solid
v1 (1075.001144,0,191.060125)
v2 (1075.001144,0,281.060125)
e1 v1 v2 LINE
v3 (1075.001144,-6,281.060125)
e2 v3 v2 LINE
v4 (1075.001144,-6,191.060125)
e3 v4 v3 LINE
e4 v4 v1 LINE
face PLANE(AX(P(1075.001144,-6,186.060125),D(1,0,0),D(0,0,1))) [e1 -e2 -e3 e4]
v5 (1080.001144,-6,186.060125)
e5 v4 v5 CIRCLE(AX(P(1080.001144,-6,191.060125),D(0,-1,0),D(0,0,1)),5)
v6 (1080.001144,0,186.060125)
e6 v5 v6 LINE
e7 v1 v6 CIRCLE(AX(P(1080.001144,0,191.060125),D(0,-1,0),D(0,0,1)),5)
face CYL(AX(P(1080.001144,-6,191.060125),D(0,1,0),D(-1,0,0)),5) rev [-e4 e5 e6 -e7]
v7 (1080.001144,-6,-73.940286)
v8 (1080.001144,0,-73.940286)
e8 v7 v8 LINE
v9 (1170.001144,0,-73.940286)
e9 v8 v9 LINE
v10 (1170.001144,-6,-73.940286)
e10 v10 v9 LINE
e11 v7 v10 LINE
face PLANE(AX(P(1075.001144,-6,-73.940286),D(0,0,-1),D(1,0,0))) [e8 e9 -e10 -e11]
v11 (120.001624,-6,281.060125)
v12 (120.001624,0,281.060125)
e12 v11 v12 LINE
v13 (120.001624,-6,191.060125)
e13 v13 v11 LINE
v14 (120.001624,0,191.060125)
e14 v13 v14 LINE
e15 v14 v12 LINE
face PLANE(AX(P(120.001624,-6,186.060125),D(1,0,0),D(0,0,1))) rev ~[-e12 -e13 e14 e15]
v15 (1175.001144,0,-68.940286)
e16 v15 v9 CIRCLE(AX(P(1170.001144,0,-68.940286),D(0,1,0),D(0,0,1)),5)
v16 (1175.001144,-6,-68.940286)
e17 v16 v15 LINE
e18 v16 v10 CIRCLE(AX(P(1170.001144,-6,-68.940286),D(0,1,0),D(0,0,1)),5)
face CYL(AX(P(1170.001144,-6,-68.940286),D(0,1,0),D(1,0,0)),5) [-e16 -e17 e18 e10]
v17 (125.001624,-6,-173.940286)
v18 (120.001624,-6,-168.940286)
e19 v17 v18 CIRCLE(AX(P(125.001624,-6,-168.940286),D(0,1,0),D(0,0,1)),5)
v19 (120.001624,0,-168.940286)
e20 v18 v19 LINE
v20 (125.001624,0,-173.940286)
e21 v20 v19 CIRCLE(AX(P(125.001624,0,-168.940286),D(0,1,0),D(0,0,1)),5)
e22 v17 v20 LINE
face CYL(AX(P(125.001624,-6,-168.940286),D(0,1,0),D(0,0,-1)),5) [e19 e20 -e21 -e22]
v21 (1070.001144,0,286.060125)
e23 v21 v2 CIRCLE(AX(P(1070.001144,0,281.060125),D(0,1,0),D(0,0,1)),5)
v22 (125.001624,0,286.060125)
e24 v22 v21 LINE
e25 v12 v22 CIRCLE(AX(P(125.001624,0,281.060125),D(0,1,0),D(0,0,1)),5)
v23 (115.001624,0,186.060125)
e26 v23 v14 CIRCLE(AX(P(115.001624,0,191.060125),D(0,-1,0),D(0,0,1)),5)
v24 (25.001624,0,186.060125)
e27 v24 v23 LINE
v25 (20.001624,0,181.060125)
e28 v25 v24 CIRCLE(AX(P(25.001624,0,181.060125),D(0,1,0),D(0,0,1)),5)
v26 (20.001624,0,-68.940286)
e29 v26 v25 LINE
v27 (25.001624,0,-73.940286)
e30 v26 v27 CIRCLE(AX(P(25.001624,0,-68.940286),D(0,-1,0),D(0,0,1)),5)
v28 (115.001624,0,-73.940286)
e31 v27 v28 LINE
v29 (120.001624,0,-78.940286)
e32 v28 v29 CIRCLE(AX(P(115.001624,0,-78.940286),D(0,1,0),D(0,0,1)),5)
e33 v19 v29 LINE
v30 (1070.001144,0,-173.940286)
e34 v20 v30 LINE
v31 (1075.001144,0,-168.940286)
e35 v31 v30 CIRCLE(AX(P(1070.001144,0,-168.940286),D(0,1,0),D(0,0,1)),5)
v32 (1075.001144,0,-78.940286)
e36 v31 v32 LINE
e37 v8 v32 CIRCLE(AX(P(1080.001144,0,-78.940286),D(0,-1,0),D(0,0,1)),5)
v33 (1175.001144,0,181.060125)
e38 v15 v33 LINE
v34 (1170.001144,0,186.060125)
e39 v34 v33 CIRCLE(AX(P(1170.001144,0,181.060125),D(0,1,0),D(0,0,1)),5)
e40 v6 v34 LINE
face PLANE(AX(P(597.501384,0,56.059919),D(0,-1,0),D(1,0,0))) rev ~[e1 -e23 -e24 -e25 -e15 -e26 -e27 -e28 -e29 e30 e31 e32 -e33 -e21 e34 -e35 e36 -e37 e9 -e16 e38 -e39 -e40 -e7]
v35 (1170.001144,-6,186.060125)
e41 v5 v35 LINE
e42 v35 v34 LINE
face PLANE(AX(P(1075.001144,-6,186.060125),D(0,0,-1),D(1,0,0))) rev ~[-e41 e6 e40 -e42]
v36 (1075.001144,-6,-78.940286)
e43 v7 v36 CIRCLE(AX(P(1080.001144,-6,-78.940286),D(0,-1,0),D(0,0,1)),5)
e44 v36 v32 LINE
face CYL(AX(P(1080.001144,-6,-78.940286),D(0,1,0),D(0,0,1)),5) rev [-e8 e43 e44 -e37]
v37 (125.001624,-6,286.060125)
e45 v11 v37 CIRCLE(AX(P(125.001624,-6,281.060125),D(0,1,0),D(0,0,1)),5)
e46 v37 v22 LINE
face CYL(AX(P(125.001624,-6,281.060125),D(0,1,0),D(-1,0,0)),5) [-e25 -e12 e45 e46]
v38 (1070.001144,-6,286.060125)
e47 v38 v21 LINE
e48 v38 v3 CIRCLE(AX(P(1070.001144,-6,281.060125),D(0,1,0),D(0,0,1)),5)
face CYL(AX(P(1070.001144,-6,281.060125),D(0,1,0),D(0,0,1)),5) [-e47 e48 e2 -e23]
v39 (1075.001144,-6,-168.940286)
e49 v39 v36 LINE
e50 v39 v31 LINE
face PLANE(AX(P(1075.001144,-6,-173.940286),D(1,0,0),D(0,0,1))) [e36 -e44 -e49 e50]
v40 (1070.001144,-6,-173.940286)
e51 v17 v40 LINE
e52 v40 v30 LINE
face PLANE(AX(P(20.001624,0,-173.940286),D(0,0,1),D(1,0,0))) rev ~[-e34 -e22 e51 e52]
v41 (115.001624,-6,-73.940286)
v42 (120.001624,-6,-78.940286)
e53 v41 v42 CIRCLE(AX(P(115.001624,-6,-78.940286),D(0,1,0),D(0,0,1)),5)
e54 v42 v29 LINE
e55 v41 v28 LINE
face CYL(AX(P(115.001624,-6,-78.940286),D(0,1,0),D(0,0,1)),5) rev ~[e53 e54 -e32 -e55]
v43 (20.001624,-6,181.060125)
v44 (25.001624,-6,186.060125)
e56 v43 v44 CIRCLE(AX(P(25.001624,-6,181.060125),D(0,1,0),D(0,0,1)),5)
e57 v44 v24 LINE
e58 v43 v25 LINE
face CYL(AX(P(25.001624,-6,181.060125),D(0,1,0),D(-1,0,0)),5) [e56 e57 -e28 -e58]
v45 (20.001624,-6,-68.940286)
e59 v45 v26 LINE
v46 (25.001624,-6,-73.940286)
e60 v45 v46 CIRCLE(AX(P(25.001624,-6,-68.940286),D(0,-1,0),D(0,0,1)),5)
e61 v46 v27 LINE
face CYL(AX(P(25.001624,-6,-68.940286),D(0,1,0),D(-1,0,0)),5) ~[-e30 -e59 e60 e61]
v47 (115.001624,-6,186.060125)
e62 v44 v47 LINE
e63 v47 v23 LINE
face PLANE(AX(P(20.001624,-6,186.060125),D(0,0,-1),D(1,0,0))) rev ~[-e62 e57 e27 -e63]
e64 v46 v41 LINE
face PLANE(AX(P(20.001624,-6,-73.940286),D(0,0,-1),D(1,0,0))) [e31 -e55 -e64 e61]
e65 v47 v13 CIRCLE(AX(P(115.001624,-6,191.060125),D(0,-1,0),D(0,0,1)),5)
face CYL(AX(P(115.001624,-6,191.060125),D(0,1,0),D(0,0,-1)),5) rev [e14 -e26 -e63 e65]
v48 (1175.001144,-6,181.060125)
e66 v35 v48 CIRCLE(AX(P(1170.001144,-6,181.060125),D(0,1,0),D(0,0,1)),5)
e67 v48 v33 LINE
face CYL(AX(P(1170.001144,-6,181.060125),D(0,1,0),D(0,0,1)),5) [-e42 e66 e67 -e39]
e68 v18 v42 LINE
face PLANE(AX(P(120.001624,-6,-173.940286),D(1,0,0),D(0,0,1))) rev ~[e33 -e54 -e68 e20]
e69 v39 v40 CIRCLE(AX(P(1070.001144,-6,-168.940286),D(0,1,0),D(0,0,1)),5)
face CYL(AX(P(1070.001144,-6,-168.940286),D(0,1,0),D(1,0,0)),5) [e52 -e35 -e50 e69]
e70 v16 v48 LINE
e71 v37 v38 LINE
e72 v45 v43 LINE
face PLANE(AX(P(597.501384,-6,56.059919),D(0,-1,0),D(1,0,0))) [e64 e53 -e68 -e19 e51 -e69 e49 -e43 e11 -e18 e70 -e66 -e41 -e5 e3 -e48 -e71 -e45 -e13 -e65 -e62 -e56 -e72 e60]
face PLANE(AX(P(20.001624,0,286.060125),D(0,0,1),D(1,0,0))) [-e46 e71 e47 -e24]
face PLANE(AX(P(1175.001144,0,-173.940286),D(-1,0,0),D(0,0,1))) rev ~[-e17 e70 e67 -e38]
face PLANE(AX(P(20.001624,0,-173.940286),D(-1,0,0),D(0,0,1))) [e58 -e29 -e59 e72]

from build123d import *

# Parameters (mm, degrees)
F0_W     = 1154.9995206296
F0_H     = 460.000410676
F1_DEPTH = 6
F2_W     = 100
F2_H     = 100
F3_DEPTH = 6
F4_R     = 5


with BuildPart() as f1:
    # F0 (on Front) → F1 (new body)
    with BuildSketch(Plane.XZ):
        with Locations((597.5013840944, 56.0599192977)):
            Rectangle(F0_W, F0_H)
    extrude(amount=F1_DEPTH)

    # F2 (on face) → F3 (cut)
    with BuildSketch(Plane.XZ.offset(6)):
        with Locations((70.0016237795, 236.0601246357)):
            Rectangle(F2_W, F2_H)
        with Locations((1125.0011444092, -123.9402860403)):
            Rectangle(F2_W, F2_H)
        with Locations((1125.0011444092, 236.0601246357)):
            Rectangle(F2_W, F2_H)
        with Locations((70.0016237795, -123.9402860403)):
            Rectangle(F2_W, F2_H)
    extrude(amount=-F3_DEPTH, mode=Mode.SUBTRACT)

    # F4
    f4_edges = [f1.edges().sort_by_distance(p)[0] for p in [
        (120.001624, -3, 286.060125),
        (120.001624, -3, 186.060125),
        (20.001624, -3, 186.060125),
        (20.001624, -3, -73.940286),
        (120.001624, -3, -73.940286),
        (120.001624, -3, -173.940286),
        (1075.001144, -3, -173.940286),
        (1075.001144, -3, -73.940286),
        (1175.001144, -3, -73.940286),
        (1175.001144, -3, 186.060125),
        (1075.001144, -3, 186.060125),
        (1075.001144, -3, 286.060125),
    ]]
    fillet(f4_edges, radius=F4_R)


solid = f1.part
